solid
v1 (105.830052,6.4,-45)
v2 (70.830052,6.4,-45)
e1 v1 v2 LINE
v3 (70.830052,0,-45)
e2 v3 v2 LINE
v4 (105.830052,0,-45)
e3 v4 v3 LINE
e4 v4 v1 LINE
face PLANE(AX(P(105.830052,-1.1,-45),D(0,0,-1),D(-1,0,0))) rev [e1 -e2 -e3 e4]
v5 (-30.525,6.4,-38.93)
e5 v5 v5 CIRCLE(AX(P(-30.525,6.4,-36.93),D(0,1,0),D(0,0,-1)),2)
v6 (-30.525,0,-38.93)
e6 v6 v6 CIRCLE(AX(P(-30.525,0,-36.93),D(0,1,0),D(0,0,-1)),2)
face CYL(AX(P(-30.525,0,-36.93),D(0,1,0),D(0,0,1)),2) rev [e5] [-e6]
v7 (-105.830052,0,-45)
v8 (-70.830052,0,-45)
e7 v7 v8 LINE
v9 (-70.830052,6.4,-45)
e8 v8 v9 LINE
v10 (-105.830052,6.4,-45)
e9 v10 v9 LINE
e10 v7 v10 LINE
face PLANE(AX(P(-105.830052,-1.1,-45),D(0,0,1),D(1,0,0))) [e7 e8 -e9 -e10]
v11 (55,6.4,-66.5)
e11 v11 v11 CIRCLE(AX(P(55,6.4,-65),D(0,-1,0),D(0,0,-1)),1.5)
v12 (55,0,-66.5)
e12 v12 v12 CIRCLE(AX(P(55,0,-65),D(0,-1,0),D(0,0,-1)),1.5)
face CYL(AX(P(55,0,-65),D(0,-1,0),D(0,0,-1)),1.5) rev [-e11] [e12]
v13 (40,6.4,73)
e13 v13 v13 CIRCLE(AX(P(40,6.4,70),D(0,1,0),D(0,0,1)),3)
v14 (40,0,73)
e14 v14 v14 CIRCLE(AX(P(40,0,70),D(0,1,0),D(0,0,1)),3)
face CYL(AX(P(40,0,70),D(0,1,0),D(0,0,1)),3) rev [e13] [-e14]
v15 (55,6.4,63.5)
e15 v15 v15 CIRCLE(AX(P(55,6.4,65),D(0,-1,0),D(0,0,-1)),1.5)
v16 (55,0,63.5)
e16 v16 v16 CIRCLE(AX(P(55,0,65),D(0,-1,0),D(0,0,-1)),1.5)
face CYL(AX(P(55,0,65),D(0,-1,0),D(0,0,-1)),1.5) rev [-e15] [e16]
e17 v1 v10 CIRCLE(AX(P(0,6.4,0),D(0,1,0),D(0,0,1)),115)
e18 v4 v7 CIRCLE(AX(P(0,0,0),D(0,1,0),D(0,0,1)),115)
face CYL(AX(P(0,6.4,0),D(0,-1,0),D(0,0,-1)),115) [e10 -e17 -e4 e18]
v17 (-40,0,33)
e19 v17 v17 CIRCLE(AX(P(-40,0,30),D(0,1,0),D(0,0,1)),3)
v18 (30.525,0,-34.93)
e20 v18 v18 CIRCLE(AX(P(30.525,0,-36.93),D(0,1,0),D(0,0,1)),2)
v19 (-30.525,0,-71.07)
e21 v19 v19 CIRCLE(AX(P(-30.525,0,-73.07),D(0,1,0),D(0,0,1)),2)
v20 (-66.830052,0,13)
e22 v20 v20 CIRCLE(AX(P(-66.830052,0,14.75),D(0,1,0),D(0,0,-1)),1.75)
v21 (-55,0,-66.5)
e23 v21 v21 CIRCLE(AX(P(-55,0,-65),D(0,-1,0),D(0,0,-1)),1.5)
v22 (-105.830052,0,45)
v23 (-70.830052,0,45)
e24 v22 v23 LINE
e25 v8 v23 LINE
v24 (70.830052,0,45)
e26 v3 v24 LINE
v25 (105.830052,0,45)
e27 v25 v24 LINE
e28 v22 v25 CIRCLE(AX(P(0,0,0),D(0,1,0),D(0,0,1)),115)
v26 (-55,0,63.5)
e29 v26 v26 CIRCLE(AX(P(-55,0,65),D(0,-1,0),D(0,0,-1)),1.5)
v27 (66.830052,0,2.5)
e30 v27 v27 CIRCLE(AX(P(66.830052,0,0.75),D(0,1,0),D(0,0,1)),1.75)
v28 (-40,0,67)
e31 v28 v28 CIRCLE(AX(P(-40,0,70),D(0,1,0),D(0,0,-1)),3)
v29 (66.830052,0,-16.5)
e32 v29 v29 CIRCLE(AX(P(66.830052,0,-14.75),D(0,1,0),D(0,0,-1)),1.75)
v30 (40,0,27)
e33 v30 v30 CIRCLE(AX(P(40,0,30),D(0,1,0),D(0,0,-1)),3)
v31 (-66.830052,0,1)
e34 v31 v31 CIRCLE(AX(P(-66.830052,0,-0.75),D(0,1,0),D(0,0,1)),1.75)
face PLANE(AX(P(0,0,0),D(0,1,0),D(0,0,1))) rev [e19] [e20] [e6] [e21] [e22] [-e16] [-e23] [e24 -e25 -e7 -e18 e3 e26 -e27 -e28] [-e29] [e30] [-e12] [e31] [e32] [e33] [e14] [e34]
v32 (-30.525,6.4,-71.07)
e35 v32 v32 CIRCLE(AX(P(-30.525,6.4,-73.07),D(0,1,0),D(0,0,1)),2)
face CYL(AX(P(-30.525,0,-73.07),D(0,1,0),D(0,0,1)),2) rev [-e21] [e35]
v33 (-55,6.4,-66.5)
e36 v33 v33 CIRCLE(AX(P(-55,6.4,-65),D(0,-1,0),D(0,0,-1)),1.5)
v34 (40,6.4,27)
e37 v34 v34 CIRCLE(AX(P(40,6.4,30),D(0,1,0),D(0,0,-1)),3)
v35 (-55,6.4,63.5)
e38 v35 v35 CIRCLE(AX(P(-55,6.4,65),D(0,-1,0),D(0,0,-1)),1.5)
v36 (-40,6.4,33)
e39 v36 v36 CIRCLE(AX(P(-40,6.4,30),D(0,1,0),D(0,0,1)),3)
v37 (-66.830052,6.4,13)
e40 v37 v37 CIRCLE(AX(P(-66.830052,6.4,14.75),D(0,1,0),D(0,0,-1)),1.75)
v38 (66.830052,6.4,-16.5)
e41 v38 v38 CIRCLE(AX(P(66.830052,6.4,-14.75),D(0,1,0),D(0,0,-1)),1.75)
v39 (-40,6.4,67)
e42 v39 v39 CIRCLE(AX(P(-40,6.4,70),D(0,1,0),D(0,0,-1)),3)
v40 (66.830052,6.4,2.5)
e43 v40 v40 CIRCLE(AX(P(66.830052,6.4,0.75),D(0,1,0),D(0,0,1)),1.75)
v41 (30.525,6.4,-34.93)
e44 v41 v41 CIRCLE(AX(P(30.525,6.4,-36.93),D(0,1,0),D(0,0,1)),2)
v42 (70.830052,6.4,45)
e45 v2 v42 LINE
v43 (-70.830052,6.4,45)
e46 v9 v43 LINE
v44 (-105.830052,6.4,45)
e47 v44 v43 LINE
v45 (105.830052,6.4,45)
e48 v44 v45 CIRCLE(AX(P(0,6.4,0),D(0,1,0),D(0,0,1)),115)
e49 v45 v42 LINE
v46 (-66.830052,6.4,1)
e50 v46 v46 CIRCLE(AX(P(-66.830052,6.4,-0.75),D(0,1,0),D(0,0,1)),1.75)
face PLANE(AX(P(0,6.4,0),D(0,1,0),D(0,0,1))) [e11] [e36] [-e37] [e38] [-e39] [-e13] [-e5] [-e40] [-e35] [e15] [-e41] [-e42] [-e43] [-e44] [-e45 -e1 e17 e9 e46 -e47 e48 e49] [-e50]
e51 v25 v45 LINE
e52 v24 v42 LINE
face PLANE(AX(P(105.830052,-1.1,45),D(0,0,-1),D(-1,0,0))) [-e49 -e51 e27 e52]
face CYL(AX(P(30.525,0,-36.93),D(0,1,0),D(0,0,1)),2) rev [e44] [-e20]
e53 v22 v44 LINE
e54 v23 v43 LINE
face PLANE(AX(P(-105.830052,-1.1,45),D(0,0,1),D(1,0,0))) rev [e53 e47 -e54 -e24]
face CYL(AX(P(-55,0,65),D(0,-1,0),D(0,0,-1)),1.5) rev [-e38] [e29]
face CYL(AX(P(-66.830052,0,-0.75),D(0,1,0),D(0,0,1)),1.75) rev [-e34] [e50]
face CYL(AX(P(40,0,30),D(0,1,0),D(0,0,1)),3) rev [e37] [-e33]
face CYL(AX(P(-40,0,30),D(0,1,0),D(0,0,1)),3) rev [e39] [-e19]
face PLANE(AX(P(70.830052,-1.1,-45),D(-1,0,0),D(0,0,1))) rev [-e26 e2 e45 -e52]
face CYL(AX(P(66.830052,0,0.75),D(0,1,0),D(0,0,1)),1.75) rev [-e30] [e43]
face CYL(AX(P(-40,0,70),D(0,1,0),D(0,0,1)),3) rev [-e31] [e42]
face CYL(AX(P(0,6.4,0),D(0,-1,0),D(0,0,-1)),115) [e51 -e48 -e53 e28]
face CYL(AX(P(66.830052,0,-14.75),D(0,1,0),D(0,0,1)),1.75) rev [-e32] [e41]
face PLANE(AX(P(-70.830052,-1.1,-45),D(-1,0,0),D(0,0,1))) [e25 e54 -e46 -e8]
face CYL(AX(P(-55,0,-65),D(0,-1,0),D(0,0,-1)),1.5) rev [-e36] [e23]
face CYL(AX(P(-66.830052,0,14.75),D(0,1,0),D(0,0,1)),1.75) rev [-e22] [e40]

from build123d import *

# Parameters (mm, degrees)
SKETCH1_R             = 115
BOSS_EXTRUDE1_DEPTH   = 6.4
CUT_EXTRUDE1_DEPTH    = 7.5
SKETCH3_R             = 1.75
CUT_EXTRUDE2_DEPTH    = 7.4
SKETCH4_R             = 2
CUT_EXTRUDE3_DEPTH    = 7.4
SKETCH5_R             = 3
CUT_EXTRUDE4_DEPTH    = 7.4
F_3_0MM_DOWEL_HOLE1_D = 3


with BuildPart() as part:
    # Sketch1 → Boss-Extrude1 (new body)
    with BuildSketch(Plane(origin=(0, 0, 0), x_dir=(1, 0, 0), z_dir=(0, 1, 0))):
        Circle(SKETCH1_R)
    extrude(amount=BOSS_EXTRUDE1_DEPTH)

    # Sketch2 → Cut-Extrude1 (cut)
    with BuildSketch(Plane(origin=(0, 6.4, 0), x_dir=(1, 0, 0), z_dir=(0, 1, 0))):
        with BuildLine():
            Line((-105.830052443, 45), (-70.830052443, 45))
            Line((-70.830052443, 45), (-70.830052443, -45))
            Line((-70.830052443, -45), (-105.830052443, -45))
            ThreePointArc((-105.830052443, -45), (-115, 0), (-105.830052443, 45))
        make_face()
        with BuildLine():
            Line((105.830052443, -45), (70.830052443, -45))
            Line((70.830052443, -45), (70.830052443, 45))
            Line((70.830052443, 45), (105.830052443, 45))
            ThreePointArc((105.830052443, 45), (115, 0), (105.830052443, -45))
        make_face()
    extrude(amount=-CUT_EXTRUDE1_DEPTH, mode=Mode.SUBTRACT)

    # Sketch3 → Cut-Extrude2 (cut, through all)
    with BuildSketch(Plane(origin=(0, 6.4, 0), x_dir=(1, 0, 0), z_dir=(0, 1, 0))):
        with Locations((-66.830052443, 0.75)):
            Circle(SKETCH3_R)
        with Locations((-66.830052443, -14.75)):
            Circle(SKETCH3_R)
        with Locations((66.830052443, -0.75)):
            Circle(SKETCH3_R)
        with Locations((66.830052443, 14.75)):
            Circle(SKETCH3_R)
    extrude(amount=-CUT_EXTRUDE2_DEPTH, mode=Mode.SUBTRACT)

    # Sketch4 → Cut-Extrude3 (cut, through all)
    with BuildSketch(Plane(origin=(0, 6.4, 0), x_dir=(1, 0, 0), z_dir=(0, 1, 0))):
        with Locations((30.525, 36.93)):
            Circle(SKETCH4_R)
        with Locations((-30.525, 36.93)):
            Circle(SKETCH4_R)
        with Locations((-30.525, 73.07)):
            Circle(SKETCH4_R)
    extrude(amount=-CUT_EXTRUDE3_DEPTH, mode=Mode.SUBTRACT)

    # Sketch5 → Cut-Extrude4 (cut, through all)
    with BuildSketch(Plane(origin=(0, 6.4, 0), x_dir=(1, 0, 0), z_dir=(0, 1, 0))):
        with Locations((-40, -30)):
            Circle(SKETCH5_R)
        with Locations((40, -30)):
            Circle(SKETCH5_R)
        with Locations((40, -70)):
            Circle(SKETCH5_R)
        with Locations((-40, -70)):
            Circle(SKETCH5_R)
    extrude(amount=-CUT_EXTRUDE4_DEPTH, mode=Mode.SUBTRACT)

    # Ø3.0mm Dowel Hole1 (through all)
    with Locations(Plane(origin=(0, 0, 0), x_dir=(-1, 0, 0), z_dir=(0, -1, 0))):
        with Locations((-55, 65), (55, 65), (55, -65), (-55, -65)):
            Hole(F_3_0MM_DOWEL_HOLE1_D / 2)


solid = part.part
